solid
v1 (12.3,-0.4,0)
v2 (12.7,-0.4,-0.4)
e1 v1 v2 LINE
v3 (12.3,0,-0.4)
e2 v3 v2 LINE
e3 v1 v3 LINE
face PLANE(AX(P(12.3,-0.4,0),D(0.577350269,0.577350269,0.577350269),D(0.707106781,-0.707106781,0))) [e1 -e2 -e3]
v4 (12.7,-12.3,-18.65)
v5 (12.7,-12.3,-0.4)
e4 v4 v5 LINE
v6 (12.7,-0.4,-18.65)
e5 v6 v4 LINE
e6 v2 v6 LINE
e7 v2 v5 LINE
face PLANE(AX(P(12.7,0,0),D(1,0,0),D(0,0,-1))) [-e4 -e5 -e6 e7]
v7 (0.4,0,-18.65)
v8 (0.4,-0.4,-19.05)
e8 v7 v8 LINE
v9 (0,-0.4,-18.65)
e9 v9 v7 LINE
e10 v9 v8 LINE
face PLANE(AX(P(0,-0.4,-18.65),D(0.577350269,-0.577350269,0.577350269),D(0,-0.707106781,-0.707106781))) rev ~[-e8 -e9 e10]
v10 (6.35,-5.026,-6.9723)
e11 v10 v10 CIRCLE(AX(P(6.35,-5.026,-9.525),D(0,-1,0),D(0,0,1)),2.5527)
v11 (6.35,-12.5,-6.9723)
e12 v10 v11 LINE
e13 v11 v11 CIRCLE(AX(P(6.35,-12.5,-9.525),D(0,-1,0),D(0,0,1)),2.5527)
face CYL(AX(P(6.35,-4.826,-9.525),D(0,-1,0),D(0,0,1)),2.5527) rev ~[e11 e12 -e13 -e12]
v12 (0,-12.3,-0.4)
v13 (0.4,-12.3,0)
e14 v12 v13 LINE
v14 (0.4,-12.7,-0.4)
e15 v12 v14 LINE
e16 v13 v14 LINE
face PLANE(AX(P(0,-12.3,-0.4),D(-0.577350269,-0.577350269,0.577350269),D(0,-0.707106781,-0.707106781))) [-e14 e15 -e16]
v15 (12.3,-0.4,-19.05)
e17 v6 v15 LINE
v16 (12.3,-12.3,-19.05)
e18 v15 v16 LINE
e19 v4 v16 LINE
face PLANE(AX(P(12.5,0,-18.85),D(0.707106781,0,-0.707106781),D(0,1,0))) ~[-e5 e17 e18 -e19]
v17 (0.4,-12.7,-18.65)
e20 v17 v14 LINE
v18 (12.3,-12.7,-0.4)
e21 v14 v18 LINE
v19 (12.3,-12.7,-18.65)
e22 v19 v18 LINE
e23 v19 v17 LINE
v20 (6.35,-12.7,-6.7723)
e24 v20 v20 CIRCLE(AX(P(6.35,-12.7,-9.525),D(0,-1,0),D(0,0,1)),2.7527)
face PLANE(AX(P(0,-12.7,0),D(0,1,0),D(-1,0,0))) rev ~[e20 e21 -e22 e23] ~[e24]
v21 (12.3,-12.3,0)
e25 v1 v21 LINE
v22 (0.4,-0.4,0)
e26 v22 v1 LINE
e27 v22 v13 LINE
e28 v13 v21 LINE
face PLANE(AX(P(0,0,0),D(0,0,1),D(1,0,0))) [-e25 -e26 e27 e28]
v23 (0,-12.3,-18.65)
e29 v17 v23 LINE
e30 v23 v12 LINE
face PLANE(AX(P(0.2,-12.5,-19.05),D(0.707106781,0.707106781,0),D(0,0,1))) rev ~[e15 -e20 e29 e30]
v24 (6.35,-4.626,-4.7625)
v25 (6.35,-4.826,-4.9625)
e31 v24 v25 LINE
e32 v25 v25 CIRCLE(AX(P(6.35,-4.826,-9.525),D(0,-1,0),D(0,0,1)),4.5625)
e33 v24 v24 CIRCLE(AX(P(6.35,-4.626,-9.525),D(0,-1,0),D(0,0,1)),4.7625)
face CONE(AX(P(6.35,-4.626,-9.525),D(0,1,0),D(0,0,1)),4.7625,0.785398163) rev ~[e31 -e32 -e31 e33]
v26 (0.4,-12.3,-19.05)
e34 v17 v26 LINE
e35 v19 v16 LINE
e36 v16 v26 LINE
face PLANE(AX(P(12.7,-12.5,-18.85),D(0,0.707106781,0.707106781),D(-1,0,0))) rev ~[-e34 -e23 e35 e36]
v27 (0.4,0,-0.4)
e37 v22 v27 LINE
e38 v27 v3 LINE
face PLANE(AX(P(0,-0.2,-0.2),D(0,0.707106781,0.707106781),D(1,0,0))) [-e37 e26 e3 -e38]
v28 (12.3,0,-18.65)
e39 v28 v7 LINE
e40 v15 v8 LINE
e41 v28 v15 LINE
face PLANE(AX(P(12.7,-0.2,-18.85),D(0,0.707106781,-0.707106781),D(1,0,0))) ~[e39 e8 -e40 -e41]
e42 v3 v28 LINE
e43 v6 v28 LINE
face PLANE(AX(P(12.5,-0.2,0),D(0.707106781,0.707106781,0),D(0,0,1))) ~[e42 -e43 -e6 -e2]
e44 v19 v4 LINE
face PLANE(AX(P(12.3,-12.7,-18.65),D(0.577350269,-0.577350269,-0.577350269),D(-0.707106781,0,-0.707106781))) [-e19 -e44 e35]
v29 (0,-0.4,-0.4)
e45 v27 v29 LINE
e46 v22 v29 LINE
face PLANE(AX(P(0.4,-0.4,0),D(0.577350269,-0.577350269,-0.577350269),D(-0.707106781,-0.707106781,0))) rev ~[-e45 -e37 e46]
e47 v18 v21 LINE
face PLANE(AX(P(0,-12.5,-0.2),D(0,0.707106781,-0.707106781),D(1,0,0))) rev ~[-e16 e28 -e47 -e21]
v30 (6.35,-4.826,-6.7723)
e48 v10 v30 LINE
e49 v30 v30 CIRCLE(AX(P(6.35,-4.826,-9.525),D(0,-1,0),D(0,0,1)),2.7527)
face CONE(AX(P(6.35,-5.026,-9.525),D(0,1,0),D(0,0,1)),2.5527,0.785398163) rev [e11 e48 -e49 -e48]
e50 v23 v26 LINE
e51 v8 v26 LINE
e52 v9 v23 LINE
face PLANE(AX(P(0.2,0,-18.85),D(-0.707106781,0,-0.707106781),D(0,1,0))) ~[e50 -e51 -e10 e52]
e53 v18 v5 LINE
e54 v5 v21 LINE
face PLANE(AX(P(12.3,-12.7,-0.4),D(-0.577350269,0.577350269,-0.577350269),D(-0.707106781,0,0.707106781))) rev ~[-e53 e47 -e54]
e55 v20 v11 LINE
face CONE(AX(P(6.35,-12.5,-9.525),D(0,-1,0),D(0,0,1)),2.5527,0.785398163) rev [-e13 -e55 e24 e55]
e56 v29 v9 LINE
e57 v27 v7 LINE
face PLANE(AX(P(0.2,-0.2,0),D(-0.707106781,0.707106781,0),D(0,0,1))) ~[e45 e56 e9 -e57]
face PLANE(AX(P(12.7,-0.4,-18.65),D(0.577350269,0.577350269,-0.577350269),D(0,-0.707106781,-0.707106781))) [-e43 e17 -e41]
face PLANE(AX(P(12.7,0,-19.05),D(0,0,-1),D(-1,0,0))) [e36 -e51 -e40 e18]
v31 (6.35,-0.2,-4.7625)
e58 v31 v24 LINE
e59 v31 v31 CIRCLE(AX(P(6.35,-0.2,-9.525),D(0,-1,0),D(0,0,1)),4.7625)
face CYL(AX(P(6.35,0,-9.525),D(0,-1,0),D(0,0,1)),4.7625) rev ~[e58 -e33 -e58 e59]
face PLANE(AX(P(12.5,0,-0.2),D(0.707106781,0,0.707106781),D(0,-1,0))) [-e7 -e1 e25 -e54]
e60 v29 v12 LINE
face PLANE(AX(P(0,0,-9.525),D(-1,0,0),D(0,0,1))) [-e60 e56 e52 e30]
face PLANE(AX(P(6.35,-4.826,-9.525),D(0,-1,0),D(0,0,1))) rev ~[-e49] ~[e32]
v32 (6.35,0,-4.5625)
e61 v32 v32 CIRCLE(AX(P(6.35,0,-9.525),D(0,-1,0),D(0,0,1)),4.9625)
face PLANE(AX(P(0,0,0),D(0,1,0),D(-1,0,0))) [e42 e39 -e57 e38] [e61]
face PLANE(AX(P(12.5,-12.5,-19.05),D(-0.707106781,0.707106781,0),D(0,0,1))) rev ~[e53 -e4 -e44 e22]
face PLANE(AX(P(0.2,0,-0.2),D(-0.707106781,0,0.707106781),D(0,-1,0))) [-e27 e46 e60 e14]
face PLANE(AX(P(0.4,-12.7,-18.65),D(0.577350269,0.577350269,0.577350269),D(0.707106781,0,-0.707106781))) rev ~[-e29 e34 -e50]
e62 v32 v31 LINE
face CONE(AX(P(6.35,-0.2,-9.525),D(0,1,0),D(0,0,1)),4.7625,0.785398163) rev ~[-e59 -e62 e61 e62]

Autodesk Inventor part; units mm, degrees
ref_plane "YZ Plane" through (0, 0, 0) normal (1, 0, 0) x (0, 1, 0)
ref_plane "XZ Plane" through (0, 0, 0) normal (0, 1, 0) x (-1, 0, 0)
ref_plane "XY Plane" through (0, 0, 0) normal (0, 0, 1) x (1, 0, 0)
sketch "Sketch1" plane through (0, 0, 0) normal (0, 1, 0) x (-1, 0, 0)
  line L0 (0, 0) -> (-12.7, 0)
  line L1 (-12.7, 0) -> (-12.7, -19.05)
  line L2 (-12.7, -19.05) -> (0, -19.05)
  line L3 (0, -19.05) -> (0, 0)
  line L4 (-12.7, -9.525) -> (0, -9.525)
  circle A0 centre (-6.35, -9.525) radius 3.175 construction
  dimension "d0" = 12.7
  dimension "d1" = 19.05
  dimension "d2" = 6.35
extrude "Extrusion1" add sketch "Sketch1" against normal blind 12.7
hole "Hole1" at (6.35, 0, -9.525) direction (0, -1, 0) diameter 5.1054 end through all counterbore diameter 9.525 counterbore depth 4.826 clearance for "Socket Head Cap Screw" size "#10" standard "Ansi Unified Screw Threads"
chamfer "Chamfer1" distance 0.4 angle 45 12 edges at (6.35, 0, -19.05) (12.7, 0, -9.525) (0, 0, -9.525) (6.35, 0, 0) (12.7, -6.35, 0) (12.7, -6.35, -19.05) (12.7, -12.7, -9.525) (6.35, -12.7, 0) (0, -6.35, 0) (0, -6.35, -19.05) (0, -12.7, -9.525) (6.35, -12.7, -19.05)
chamfer "Chamfer2" distance 0.2 angle 45 4 edges at (6.35, 0, -14.2875) (6.35, -12.7, -12.0777) (6.35, -4.826, -14.2875) (6.35, -4.826, -12.0777)
properties part number "Fixture Stop" material "ABS Plastic"
